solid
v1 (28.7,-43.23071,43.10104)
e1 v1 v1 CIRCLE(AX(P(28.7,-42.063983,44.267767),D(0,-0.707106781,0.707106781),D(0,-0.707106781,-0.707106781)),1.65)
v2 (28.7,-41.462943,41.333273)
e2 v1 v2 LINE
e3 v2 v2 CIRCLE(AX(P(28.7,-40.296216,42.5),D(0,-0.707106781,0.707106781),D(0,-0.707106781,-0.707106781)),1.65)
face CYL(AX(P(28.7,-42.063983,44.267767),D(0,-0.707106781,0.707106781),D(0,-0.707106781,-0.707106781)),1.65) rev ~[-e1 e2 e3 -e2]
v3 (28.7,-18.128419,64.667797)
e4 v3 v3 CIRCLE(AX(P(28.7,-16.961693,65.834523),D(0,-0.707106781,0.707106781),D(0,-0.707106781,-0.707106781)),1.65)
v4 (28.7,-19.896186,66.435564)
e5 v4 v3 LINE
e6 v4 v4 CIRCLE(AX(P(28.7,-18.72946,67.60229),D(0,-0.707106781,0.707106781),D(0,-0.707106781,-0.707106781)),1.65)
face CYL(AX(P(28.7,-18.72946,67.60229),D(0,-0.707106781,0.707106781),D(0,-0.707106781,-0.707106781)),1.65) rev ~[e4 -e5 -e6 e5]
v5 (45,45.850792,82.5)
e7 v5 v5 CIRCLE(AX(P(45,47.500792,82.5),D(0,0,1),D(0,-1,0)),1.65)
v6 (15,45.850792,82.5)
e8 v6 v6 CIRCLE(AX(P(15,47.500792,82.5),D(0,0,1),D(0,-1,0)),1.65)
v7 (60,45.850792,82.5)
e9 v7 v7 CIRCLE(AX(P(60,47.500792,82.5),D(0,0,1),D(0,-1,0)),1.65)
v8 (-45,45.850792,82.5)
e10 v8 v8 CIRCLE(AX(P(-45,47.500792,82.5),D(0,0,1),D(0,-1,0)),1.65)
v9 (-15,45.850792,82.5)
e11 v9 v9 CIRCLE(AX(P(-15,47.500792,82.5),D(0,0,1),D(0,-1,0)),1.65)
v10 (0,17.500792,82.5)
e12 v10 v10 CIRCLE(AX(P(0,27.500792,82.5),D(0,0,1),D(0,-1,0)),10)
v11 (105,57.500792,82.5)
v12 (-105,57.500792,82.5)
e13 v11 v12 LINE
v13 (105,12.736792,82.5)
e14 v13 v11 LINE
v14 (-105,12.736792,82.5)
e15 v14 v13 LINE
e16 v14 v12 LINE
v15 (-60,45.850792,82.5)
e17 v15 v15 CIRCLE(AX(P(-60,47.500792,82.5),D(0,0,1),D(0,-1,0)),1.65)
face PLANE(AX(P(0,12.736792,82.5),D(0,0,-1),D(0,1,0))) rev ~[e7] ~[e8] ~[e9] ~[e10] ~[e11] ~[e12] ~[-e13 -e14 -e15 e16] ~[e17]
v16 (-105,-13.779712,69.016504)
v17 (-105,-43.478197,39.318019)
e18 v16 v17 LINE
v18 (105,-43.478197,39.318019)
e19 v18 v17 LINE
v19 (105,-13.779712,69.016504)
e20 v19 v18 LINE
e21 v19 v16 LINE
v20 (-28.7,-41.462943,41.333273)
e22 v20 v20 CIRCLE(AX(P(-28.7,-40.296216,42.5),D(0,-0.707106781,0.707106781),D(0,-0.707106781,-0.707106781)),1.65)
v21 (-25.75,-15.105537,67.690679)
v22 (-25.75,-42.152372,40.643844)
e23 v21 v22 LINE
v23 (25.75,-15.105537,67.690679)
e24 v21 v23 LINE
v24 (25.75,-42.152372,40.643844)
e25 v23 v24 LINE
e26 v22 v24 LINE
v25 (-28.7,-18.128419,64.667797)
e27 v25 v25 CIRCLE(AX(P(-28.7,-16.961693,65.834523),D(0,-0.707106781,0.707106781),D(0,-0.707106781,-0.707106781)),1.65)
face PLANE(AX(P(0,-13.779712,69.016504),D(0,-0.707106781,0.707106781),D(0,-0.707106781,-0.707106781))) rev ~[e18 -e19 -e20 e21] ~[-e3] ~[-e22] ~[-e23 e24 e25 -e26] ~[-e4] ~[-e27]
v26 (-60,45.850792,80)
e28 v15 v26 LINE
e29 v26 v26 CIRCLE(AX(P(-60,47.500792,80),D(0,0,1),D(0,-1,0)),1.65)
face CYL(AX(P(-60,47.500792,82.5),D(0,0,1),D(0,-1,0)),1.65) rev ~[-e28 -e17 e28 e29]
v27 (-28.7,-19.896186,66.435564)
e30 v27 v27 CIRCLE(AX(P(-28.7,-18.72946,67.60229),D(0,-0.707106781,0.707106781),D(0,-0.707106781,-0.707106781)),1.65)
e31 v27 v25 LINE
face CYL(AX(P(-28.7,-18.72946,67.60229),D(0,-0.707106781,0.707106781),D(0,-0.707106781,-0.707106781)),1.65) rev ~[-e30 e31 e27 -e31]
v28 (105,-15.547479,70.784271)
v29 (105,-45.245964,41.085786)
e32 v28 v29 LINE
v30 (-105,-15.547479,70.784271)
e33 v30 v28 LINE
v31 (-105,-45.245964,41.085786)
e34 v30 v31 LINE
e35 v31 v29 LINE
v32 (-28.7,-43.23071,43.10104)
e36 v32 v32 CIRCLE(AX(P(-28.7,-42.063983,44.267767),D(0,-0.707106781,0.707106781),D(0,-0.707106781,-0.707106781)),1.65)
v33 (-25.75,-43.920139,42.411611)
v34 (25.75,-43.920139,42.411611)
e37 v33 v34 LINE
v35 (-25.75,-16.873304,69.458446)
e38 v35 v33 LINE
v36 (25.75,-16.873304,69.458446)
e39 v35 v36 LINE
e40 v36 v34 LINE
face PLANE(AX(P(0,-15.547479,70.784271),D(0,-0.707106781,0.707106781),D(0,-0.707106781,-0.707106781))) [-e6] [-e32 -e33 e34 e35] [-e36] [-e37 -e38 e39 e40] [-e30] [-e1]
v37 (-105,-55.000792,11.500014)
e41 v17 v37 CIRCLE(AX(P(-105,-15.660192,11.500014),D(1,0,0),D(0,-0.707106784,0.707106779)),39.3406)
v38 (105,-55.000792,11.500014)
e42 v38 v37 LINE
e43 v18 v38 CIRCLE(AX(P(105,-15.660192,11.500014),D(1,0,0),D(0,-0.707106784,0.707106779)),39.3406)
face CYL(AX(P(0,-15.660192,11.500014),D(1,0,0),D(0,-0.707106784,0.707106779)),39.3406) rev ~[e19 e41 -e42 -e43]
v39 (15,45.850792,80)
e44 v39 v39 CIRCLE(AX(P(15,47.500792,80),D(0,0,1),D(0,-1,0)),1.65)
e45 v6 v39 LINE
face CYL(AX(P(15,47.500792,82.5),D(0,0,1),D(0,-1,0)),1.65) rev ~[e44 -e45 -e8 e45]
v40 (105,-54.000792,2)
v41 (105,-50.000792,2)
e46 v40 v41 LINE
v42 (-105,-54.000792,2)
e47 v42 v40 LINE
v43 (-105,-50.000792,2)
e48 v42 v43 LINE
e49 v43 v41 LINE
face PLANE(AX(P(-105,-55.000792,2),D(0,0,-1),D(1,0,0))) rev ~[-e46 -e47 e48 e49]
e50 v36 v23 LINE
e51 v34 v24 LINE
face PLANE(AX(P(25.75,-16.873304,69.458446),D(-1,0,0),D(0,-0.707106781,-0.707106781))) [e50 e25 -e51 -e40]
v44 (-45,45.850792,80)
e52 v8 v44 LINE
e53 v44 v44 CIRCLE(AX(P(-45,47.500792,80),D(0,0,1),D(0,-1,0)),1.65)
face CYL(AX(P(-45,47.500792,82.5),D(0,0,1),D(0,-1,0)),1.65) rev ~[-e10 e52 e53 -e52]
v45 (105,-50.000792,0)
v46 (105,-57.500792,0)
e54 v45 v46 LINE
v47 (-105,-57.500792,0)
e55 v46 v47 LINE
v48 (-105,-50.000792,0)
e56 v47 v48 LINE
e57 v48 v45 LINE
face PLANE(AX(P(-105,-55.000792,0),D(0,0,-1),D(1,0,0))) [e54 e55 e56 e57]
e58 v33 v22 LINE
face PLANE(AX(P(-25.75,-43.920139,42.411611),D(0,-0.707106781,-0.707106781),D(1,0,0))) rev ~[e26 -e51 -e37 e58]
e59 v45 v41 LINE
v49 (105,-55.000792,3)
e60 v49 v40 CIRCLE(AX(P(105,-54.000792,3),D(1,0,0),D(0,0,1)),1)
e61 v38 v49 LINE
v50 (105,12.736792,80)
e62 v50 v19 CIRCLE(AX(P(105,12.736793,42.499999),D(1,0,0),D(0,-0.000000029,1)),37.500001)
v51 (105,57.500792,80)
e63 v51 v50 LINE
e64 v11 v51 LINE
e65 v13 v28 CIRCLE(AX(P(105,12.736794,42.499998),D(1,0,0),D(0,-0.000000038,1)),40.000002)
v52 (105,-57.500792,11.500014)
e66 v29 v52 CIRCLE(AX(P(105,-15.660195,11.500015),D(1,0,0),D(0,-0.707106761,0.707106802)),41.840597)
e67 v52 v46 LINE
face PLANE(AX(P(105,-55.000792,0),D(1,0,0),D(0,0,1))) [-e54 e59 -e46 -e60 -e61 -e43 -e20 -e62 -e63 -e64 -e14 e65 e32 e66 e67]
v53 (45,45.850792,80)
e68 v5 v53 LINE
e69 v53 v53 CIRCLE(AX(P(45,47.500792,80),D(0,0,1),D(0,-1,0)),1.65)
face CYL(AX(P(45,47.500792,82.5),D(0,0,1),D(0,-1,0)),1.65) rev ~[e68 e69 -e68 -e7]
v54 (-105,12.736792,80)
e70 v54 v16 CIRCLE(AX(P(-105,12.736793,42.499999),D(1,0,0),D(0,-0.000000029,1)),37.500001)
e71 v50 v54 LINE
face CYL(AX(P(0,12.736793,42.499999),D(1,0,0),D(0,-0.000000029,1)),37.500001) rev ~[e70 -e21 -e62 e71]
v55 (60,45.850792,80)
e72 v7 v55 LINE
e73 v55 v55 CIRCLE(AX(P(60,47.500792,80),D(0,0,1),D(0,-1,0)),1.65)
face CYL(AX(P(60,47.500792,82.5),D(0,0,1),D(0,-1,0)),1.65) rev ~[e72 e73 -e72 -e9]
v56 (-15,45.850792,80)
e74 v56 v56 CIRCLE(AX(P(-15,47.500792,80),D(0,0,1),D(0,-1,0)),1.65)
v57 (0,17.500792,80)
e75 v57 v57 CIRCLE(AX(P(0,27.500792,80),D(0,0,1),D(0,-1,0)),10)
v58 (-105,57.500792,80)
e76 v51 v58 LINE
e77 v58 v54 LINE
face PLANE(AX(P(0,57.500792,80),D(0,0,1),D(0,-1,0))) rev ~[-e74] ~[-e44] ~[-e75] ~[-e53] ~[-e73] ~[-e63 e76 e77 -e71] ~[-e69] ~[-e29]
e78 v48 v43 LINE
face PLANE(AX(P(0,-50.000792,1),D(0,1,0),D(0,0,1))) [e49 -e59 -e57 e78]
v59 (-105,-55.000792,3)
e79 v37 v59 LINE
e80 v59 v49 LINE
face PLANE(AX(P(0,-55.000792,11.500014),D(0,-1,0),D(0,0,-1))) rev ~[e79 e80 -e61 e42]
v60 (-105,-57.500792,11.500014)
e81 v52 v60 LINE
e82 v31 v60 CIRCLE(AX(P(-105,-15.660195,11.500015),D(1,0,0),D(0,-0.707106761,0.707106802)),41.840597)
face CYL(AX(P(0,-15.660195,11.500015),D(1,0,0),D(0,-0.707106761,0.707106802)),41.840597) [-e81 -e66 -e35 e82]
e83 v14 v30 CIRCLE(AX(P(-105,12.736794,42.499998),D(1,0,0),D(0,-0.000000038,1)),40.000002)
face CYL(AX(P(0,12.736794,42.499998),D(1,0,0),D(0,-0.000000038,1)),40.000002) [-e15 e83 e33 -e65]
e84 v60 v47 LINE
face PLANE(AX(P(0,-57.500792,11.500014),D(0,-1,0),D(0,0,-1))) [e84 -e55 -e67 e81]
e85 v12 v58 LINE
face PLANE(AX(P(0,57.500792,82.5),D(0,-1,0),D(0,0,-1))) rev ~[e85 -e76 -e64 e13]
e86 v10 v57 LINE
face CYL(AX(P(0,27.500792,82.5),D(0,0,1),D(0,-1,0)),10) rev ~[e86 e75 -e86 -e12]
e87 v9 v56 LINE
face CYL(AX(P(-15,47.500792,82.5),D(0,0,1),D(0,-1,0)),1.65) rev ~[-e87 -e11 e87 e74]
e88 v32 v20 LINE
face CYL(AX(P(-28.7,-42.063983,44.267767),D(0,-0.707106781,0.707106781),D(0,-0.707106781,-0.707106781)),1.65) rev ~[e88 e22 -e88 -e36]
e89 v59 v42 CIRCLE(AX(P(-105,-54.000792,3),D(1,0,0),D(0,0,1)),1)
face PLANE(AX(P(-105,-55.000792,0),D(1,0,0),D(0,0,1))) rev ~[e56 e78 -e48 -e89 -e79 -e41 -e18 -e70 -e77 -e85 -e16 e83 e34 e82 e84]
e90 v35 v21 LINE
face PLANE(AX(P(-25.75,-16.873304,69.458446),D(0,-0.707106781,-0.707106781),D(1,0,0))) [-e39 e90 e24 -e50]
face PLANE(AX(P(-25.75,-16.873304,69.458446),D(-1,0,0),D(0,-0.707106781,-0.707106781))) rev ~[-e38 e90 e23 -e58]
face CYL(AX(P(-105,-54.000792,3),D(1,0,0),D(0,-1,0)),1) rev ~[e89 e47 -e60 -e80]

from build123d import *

# Parameters (mm, degrees)
PAD_DEPTH       = 105
PAD_DEPTH_BACK  = 105
SKETCH001_R     = 1.65
SKETCH001_W     = 38.25
SKETCH001_H     = 51.5
POCKET_DEPTH    = 101.705966
SKETCH003_R     = 1.65
POCKET001_DEPTH = 5
SKETCH004_W     = 2
SKETCH004_H     = 210
PAD001_DEPTH    = 5
FILLET_R        = 1
SKETCH005_R     = 10
POCKET002_DEPTH = 5


with BuildPart() as part:
    # Sketch → Pad (new body, two sides)
    with BuildSketch(Plane.YZ) as pad_sk:
        with BuildLine():
            Line((12.736792, 82.5), (57.500792, 82.5))
            Line((57.500792, 82.5), (57.500792, 80))
            Line((57.500792, 80), (12.736792, 80))
            ThreePointArc((12.736792, 80), (-1.613837, 77.145482), (-13.779712, 69.016504))
            Line((-13.779712, 69.016504), (-43.478197, 39.318019))
            ThreePointArc((-43.478197, 39.318019), (-52.006167, 26.55501), (-55.000792, 11.500014))
            Line((-55.000792, 11.500014), (-55.000792, 0))
            Line((-55.000792, 0), (-57.500792, 0))
            Line((-57.500792, 11.500014), (-57.500792, 0))
            ThreePointArc((-45.245964, 41.085786), (-54.315866, 27.511719), (-57.500792, 11.500014))
            Line((-15.547479, 70.784271), (-45.245964, 41.085786))
            ThreePointArc((12.736792, 82.5), (-2.570545, 79.455181), (-15.547479, 70.784271))
        make_face()
    extrude(amount=PAD_DEPTH)
    extrude(pad_sk.sketch, amount=-PAD_DEPTH_BACK)

    # Sketch001 (on Face12 of Pad) → Pocket (cut, through all)
    with BuildSketch(Plane(origin=(0, -43.165875, 43.165875), x_dir=(0, -0.707107, -0.707107), z_dir=(0, -0.707107, 0.707107))):
        with Locations((-34.55831, 28.7)):
            Circle(SKETCH001_R)
        with Locations((-1.55831, 28.7)):
            Circle(SKETCH001_R)
        with Locations((-34.55831, -28.7)):
            Circle(SKETCH001_R)
        with Locations((-1.55831, -28.7)):
            Circle(SKETCH001_R)
        with Locations((-18.05831, 0)):
            Rectangle(SKETCH001_W, SKETCH001_H)
    extrude(amount=-POCKET_DEPTH, mode=Mode.SUBTRACT)

    # Sketch003 (on Face2 of Pocket) → Pocket001 (cut)
    with BuildSketch(Plane(origin=(0, 0, 82.5), x_dir=(0, -1, 0), z_dir=(0, 0, 1))):
        with Locations((-47.500792, 15)):
            Circle(SKETCH003_R)
        with Locations((-47.500792, 45)):
            Circle(SKETCH003_R)
        with Locations((-47.500792, -15)):
            Circle(SKETCH003_R)
        with Locations((-47.500792, -45)):
            Circle(SKETCH003_R)
        with Locations((-47.500792, 60)):
            Circle(SKETCH003_R)
        with Locations((-47.500792, -60)):
            Circle(SKETCH003_R)
    extrude(amount=-POCKET001_DEPTH, mode=Mode.SUBTRACT)

    # Sketch004 (on Face26 of Pocket001) → Pad001 (join)
    with BuildSketch(Plane.ZX.offset(-55.000792)):
        with Locations((1, 0)):
            Rectangle(SKETCH004_W, SKETCH004_H)
    extrude(amount=PAD001_DEPTH)

    # Fillet
    fillet_edges = [part.edges().sort_by_distance(p)[0] for p in [
        (0, -55.000792, 2),
    ]]
    fillet(fillet_edges, radius=FILLET_R)

    # Sketch005 (on Face15 of Fillet) → Pocket002 (cut)
    with BuildSketch(Plane(origin=(0, 0, 82.5), x_dir=(0, -1, 0), z_dir=(0, 0, 1))):
        with Locations((-27.500792, 0)):
            Circle(SKETCH005_R)
    extrude(amount=-POCKET002_DEPTH, mode=Mode.SUBTRACT)


solid = part.part
